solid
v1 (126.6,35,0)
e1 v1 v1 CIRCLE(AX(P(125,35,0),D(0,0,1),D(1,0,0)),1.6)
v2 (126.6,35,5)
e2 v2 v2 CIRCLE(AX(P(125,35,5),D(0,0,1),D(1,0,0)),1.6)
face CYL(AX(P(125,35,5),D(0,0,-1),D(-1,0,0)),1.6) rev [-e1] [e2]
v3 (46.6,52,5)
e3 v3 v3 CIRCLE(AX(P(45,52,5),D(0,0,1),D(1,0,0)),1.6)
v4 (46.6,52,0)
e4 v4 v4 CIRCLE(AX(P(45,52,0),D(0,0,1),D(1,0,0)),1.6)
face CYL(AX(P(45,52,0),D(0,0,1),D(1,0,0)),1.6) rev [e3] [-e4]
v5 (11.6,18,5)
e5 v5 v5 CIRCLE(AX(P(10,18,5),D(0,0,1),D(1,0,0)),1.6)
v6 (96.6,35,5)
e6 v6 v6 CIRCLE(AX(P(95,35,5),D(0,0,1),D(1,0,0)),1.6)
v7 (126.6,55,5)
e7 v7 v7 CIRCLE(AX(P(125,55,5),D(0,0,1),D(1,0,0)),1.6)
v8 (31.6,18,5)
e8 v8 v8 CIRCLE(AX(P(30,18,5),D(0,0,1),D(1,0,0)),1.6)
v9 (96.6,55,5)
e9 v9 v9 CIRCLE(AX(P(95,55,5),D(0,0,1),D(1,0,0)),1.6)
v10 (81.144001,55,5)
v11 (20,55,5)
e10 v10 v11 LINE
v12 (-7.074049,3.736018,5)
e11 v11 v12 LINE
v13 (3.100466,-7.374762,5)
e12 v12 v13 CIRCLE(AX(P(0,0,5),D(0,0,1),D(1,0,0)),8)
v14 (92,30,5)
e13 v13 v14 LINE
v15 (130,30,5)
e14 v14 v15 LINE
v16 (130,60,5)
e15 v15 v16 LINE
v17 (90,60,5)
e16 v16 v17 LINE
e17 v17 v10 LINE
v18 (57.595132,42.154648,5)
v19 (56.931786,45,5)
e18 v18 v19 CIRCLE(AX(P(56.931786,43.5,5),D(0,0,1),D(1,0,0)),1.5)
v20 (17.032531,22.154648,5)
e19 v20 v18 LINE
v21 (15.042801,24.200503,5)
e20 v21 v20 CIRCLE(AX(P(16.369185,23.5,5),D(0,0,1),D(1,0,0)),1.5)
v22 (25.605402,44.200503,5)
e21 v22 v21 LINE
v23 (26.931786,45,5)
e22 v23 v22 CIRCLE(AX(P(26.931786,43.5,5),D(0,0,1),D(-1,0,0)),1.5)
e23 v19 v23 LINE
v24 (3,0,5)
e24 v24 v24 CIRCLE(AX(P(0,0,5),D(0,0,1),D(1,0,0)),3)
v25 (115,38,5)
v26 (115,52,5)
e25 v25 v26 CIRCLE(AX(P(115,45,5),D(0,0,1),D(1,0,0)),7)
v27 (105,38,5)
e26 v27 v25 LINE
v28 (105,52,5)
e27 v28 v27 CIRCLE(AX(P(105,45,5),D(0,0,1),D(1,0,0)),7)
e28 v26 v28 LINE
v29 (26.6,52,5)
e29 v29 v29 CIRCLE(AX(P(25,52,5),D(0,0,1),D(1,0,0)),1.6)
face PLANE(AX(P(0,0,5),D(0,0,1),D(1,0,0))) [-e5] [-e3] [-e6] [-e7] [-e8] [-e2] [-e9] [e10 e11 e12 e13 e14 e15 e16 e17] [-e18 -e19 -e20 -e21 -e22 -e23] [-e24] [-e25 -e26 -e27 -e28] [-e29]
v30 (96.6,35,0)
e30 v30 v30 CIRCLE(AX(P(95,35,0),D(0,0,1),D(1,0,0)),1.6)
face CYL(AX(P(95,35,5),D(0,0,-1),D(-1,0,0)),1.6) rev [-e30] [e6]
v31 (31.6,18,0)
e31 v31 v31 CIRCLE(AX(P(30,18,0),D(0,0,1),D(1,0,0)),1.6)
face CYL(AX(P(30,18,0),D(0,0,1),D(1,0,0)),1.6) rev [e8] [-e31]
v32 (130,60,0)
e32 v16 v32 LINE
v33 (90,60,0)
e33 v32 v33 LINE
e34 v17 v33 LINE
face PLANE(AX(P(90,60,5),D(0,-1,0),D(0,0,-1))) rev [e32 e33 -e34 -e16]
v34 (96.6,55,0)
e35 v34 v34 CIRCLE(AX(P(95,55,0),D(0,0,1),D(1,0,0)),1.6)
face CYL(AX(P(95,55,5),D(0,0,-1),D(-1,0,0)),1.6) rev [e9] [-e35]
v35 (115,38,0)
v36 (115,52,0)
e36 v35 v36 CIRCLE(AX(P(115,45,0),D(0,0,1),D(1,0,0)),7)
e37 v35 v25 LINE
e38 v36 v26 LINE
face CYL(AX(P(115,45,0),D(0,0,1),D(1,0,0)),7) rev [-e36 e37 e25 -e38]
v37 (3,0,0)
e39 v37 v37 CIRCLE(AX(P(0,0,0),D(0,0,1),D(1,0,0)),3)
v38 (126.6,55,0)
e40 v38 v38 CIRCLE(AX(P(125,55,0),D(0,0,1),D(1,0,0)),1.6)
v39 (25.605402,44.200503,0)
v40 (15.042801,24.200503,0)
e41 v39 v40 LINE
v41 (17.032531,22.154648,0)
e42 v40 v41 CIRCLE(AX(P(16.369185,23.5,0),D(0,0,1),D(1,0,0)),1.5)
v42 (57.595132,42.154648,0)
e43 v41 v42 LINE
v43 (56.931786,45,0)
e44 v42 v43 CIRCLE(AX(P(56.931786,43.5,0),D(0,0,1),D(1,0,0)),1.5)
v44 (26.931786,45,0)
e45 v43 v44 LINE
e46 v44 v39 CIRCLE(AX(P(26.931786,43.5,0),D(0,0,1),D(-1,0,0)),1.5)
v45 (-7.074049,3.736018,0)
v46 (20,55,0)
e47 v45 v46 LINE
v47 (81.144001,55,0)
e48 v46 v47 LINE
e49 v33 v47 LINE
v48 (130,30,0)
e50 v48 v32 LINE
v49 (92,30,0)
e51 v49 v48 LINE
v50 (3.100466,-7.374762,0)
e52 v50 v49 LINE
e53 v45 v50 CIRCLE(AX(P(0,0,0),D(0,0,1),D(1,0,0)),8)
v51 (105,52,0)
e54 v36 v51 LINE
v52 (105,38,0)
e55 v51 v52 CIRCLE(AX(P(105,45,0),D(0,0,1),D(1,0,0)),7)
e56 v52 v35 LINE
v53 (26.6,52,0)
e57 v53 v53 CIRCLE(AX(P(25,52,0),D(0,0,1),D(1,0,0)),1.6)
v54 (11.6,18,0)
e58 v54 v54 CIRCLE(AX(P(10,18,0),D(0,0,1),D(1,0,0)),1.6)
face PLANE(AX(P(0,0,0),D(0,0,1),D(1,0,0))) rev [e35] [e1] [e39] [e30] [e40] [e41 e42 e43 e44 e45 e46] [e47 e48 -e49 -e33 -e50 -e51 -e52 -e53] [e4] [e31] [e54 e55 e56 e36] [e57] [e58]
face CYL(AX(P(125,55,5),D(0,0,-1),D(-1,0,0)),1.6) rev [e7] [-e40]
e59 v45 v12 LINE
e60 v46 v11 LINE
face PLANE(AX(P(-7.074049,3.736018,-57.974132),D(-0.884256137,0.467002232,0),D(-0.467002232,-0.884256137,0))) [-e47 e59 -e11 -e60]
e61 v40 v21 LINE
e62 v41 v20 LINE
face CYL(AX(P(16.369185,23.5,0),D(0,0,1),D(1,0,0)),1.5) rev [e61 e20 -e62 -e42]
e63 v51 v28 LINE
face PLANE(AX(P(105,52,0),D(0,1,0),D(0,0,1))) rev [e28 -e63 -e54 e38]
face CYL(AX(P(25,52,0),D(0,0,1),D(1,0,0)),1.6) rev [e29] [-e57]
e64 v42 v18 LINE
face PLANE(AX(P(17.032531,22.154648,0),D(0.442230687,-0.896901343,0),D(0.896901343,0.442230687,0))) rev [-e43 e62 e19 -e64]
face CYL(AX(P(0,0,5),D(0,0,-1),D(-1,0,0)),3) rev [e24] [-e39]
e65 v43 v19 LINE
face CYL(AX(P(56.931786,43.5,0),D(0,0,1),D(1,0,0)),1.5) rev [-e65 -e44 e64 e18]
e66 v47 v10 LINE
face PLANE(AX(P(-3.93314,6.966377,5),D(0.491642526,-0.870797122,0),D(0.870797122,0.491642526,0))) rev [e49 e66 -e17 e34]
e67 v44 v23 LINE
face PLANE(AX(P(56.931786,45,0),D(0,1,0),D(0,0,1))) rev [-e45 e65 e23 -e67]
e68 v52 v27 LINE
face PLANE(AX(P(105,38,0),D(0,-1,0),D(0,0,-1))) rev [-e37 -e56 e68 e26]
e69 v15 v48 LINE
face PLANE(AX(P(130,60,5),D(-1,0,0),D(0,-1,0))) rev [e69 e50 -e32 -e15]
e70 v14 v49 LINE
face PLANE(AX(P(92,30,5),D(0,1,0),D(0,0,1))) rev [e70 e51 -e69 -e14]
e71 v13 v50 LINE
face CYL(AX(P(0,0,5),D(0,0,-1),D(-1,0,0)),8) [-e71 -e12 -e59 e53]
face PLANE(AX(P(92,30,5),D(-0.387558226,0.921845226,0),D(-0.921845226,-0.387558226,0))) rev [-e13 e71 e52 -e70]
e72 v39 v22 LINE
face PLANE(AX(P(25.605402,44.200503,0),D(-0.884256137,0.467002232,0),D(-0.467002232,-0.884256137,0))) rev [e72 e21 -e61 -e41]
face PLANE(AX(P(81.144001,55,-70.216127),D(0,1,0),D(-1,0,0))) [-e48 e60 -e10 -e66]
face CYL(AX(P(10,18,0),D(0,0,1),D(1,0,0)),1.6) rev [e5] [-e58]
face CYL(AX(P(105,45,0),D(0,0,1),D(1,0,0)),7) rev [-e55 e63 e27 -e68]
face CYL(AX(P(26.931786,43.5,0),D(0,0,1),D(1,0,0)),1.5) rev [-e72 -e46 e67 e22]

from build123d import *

# Parameters (mm, degrees)
SKETCH_1_R          = 3
SKETCH_1_R_2        = 1.6
EXTRUDE_1_DEPTH     = 5
EXTRUDE_2_DEPTH     = 5
SKETCH_4_R          = 1.6
CUT_EXTRUDE_1_DEPTH = 144.265487819
EXTRUDE_START       = -5
EXTRUDE_3_DEPTH     = 5
CUT_EXTRUDE_2_DEPTH = 144.265487819
SKETCH_7_R          = 1.6
CUT_EXTRUDE_3_DEPTH = 144.265487819


with BuildPart() as part:
    # 草图1 → 凸台-拉伸1 (new body)
    with BuildSketch(Plane.XY):
        with BuildLine():
            Line((-3.933140204, 6.966376973), (90, 60))
            Line((90, 60), (130, 60))
            Line((130, 60), (130, 30))
            Line((130, 30), (92, 30))
            Line((92, 30), (3.100465808, -7.374761811))
            ThreePointArc((3.100465808, -7.374761811), (-7.182645896, -3.522725923), (-3.933140204, 6.966376973))
        make_face()
        Circle(SKETCH_1_R, mode=Mode.SUBTRACT)
        with Locations((95, 55)):
            Circle(SKETCH_1_R_2, mode=Mode.SUBTRACT)
        with Locations((125, 55)):
            Circle(SKETCH_1_R_2, mode=Mode.SUBTRACT)
        with Locations((125, 35)):
            Circle(SKETCH_1_R_2, mode=Mode.SUBTRACT)
        with Locations((95, 35)):
            Circle(SKETCH_1_R_2, mode=Mode.SUBTRACT)
    extrude(amount=EXTRUDE_1_DEPTH)

    # 草图3 → 凸台-拉伸2 (add)
    with BuildSketch(Plane.XY.offset(5)):
        Polygon((81.144001216, 55), (20, 55), (20, 20.478766027), align=None)
    extrude(amount=-EXTRUDE_2_DEPTH)

    # 草图4 → 切除-拉伸1 (cut, through all)
    with BuildSketch(Plane.XY.offset(5)):
        with Locations((25, 52)):
            Circle(SKETCH_4_R)
        with Locations((45, 52)):
            Circle(SKETCH_4_R)
    extrude(amount=-CUT_EXTRUDE_1_DEPTH, mode=Mode.SUBTRACT)

    # 草图6 → 凸台-拉伸3 (add)
    with BuildSketch(Plane.XY.offset(5).offset(EXTRUDE_START)):
        with BuildLine():
            Line((-7.074049095, 3.736017853), (20, 55))
            Line((20, 55), (20, 20.478766027))
            Line((20, 20.478766027), (-3.933140204, 6.966376973))
            ThreePointArc((-3.933140204, 6.966376973), (-5.735709118, 5.576884517), (-7.074049095, 3.736017853))
        make_face()
    extrude(amount=EXTRUDE_3_DEPTH)

    # 草图5 → 切除-拉伸2 (cut, through all)
    with BuildSketch(Plane.XY.offset(5)):
        with BuildLine():
            Line((105, 52), (115, 52))
            ThreePointArc((115, 52), (122, 45), (115, 38))
            Line((115, 38), (105, 38))
            ThreePointArc((105, 38), (98, 45), (105, 52))
        make_face()
        with BuildLine():
            Line((25.605401824, 44.200503347), (15.042800964, 24.200503347))
            ThreePointArc((15.042800964, 24.200503347), (15.293877797, 22.454192152), (17.032531201, 22.154647985))
            Line((17.032531201, 22.154647985), (57.595132061, 42.154647985))
            ThreePointArc((57.595132061, 42.154647985), (58.392612512, 43.840567158), (56.93178603, 45))
            Line((56.93178603, 45), (26.93178603, 45))
            ThreePointArc((26.93178603, 45), (26.157433081, 44.784670195), (25.605401824, 44.200503347))
        make_face()
    extrude(amount=-CUT_EXTRUDE_2_DEPTH, mode=Mode.SUBTRACT)

    # 草图7 → 切除-拉伸3 (cut, through all)
    with BuildSketch(Plane.XY.offset(5)):
        with Locations((10, 18)):
            Circle(SKETCH_7_R)
        with Locations((30, 18)):
            Circle(SKETCH_7_R)
    extrude(amount=-CUT_EXTRUDE_3_DEPTH, mode=Mode.SUBTRACT)


solid = part.part
